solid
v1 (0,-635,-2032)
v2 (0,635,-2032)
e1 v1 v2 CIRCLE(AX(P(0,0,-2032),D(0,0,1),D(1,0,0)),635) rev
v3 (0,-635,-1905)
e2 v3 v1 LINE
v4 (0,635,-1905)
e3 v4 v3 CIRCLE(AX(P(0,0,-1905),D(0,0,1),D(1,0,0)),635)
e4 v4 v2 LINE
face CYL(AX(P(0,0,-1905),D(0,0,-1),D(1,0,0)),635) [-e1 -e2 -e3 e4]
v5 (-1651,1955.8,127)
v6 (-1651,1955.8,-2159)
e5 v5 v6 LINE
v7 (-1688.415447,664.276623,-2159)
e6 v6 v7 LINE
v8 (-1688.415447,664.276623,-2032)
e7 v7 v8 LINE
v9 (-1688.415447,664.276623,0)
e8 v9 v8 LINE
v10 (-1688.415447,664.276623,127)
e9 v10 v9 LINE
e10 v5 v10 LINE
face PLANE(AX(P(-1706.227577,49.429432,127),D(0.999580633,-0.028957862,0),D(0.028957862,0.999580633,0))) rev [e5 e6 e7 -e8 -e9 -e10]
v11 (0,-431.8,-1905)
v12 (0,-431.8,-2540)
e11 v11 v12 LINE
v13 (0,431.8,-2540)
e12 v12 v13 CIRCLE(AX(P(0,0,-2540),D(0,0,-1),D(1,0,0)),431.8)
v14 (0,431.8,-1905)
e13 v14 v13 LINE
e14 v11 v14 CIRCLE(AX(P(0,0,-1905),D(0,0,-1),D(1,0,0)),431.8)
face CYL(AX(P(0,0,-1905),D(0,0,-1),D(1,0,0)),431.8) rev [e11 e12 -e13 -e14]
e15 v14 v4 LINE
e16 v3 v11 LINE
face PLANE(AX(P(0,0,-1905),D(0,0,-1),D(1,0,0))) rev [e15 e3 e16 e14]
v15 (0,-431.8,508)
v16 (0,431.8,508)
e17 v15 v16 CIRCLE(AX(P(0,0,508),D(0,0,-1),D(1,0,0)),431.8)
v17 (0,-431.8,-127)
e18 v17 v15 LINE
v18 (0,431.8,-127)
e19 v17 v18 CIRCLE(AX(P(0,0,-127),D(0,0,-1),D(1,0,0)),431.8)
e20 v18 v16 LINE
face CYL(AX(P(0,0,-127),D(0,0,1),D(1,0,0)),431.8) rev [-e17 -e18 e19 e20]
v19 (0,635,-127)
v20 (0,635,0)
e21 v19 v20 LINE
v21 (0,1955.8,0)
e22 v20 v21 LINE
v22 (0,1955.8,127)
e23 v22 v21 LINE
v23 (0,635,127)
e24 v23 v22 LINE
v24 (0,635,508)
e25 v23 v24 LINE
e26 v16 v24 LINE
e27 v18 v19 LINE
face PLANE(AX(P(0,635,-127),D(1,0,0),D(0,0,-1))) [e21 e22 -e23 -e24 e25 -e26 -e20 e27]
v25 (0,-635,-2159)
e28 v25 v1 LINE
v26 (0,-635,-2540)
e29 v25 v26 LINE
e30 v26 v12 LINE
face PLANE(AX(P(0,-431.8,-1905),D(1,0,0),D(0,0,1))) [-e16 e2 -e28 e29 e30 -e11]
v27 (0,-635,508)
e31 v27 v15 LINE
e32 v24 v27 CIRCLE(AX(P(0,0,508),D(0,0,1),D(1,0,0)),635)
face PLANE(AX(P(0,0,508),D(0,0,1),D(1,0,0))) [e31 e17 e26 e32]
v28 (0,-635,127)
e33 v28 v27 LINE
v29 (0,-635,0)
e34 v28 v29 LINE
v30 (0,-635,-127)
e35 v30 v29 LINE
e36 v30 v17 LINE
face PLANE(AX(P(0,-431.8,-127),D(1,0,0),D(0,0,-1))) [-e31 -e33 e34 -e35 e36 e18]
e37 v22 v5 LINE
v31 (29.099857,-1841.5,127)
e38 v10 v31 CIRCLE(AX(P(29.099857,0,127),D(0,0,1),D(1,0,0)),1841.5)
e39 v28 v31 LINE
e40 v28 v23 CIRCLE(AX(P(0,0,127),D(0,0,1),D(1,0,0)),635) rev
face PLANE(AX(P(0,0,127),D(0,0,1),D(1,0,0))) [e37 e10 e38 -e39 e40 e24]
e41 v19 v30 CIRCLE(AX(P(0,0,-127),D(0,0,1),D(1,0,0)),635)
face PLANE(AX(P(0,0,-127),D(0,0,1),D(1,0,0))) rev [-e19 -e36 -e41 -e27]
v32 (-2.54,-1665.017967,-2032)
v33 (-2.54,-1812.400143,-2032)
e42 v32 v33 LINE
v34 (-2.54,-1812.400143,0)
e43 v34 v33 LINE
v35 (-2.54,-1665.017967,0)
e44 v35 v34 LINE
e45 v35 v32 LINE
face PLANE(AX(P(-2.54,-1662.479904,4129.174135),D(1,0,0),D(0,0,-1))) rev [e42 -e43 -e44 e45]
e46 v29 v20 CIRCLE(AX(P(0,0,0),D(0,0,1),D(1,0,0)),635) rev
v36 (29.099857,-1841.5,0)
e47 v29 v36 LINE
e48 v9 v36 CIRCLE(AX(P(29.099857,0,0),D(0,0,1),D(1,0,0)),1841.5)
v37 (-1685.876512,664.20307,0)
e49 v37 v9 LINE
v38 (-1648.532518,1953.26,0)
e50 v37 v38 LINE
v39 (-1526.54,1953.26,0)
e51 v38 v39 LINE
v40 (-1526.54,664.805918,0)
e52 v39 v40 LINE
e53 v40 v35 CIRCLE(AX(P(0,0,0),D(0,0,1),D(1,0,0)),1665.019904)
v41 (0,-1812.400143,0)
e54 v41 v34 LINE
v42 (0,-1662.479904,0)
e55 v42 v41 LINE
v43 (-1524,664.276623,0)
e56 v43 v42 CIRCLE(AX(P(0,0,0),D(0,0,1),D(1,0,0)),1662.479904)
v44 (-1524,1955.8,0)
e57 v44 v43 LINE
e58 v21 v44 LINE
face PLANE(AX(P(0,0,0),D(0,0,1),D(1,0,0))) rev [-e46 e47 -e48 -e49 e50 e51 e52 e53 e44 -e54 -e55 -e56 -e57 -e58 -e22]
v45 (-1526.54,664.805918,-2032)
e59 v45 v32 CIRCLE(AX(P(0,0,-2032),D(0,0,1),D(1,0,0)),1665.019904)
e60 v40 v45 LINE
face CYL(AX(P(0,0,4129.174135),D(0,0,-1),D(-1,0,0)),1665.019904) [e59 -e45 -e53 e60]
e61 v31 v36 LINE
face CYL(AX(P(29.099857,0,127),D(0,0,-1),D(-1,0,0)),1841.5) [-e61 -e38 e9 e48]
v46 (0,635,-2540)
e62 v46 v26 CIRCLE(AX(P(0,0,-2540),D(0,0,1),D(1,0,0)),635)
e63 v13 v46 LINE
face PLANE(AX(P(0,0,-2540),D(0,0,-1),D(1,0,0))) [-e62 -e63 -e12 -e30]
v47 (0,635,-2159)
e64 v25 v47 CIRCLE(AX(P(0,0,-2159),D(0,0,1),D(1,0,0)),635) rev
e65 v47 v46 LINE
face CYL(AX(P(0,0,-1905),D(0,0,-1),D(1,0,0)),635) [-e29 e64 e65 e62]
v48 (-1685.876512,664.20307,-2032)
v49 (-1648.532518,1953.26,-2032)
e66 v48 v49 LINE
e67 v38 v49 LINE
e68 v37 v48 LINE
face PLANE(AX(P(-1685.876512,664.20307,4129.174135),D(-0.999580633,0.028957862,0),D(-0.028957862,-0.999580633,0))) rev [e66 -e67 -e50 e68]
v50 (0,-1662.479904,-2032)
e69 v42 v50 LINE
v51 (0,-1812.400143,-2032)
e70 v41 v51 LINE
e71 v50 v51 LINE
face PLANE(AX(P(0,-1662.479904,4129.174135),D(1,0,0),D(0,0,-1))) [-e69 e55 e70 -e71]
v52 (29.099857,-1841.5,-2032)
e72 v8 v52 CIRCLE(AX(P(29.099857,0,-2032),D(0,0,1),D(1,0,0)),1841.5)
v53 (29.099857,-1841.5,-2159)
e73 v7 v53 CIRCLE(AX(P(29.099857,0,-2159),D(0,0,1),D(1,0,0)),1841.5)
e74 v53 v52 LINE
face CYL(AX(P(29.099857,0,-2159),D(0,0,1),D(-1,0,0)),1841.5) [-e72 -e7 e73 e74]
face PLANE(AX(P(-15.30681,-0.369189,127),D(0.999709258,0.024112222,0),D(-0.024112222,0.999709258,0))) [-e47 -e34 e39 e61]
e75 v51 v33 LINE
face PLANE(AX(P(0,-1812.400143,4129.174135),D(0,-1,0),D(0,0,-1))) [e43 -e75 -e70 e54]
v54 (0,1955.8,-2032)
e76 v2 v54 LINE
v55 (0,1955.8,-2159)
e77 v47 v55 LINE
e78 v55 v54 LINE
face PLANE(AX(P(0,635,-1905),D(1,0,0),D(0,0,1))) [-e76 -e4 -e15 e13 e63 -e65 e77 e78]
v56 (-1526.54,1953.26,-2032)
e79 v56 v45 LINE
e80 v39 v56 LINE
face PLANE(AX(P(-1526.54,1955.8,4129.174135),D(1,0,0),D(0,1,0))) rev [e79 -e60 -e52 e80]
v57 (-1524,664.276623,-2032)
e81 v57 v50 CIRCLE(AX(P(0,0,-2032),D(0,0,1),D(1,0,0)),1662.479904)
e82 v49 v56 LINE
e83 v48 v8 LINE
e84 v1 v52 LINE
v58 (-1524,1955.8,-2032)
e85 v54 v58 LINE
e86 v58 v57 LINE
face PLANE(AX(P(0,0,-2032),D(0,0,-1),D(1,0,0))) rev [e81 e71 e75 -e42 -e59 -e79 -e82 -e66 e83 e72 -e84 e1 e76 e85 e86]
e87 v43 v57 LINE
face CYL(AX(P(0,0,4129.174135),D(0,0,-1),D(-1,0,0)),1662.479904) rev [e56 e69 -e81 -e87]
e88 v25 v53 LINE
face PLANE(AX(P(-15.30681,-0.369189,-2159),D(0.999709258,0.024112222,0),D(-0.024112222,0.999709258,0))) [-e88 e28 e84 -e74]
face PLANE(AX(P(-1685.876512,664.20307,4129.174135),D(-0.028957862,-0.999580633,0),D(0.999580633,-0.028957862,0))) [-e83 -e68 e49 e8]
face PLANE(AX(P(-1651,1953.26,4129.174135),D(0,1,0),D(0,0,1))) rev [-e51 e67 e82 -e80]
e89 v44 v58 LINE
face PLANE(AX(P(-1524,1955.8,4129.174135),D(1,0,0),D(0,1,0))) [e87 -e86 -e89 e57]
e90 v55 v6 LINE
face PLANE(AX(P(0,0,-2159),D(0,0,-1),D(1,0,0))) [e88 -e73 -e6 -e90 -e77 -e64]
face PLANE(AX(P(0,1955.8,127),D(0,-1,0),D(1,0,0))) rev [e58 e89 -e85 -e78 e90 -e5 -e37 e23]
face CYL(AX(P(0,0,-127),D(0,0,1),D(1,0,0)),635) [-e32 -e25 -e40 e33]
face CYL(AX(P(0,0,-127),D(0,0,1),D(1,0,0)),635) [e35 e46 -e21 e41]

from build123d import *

# Parameters (mm, degrees)
BOSS_EXTRUDE1_DEPTH      = 508
BOSS_EXTRUDE1_DEPTH_BACK = 127
BOSS_EXTRUDE2_DEPTH      = 127
EXTRUDE_THIN1_DEPTH      = 2032


with BuildPart() as part:
    # Sketch1 → Boss-Extrude1 (new, two sides: drawn at the far end of the back side and taken through both)
    with BuildSketch(Plane.XY.offset(-BOSS_EXTRUDE1_DEPTH_BACK)):
        with BuildLine():
            Line((0, 635), (0, 431.8))
            ThreePointArc((0, 431.8), (-431.8, 0), (0, -431.8))
            Line((0, -431.8), (0, -635))
            ThreePointArc((0, -635), (-635, 0), (0, 635))
        make_face()
    extrude(amount=BOSS_EXTRUDE1_DEPTH + BOSS_EXTRUDE1_DEPTH_BACK)

    # Sketch3 → Boss-Extrude2 (add)
    with BuildSketch(Plane.XY):
        with BuildLine():
            ThreePointArc((0, 635), (-606.566566409, 0), (0, -635))
            Line((0, -635), (29.099856858, -1841.5))
            ThreePointArc((29.099856858, -1841.5), (-1489.845114235, -1041.118833174), (-1688.415446927, 664.276622547))
            Line((-1688.415446927, 664.276622547), (-1651, 1955.8))
            Line((-1651, 1955.8), (0, 1955.8))
            Line((0, 1955.8), (0, 635))
        make_face()
    extrude(amount=BOSS_EXTRUDE2_DEPTH)


with BuildPart() as body_2:
    # Mirror1: mirrored copy
    add(part.part.mirror(Plane.XY.offset(-1016)))


with BuildPart() as part_1:
    add(part.part)

    add(body_2.part)  # Extrude-Thin1 merges body 2
    # Sketch4 → Extrude-Thin1 (add)
    with BuildSketch(Plane.XY.offset(-2032)):
        with BuildLine():
            Line((-1688.415446927, 664.276622547), (-1651, 1955.8))
            Line((-1651, 1955.8), (-1524, 1955.8))
            Line((-1524, 1955.8), (-1524, 664.276622547))
            ThreePointArc((-1524, 664.276622547), (-1390.716715754, -910.904192429), (0, -1662.479904018))
            Line((0, -1662.479904018), (0, -1812.400143142))
            Line((0, -1812.400143142), (-2.54, -1812.400143142))
            Line((-2.54, -1812.400143142), (-2.54, -1665.017966622))
            ThreePointArc((-2.54, -1665.017966622), (-1393.391992742, -911.454900332), (-1526.54, 664.805918427))
            Line((-1526.54, 664.805918427), (-1526.54, 1953.26))
            Line((-1526.54, 1953.26), (-1648.53251819, 1953.26))
            Line((-1648.53251819, 1953.26), (-1685.876512119, 664.203069577))
            Line((-1685.876512119, 664.203069577), (-1688.415446927, 664.276622547))
        make_face()
    extrude(amount=EXTRUDE_THIN1_DEPTH)


solid = part_1.part
